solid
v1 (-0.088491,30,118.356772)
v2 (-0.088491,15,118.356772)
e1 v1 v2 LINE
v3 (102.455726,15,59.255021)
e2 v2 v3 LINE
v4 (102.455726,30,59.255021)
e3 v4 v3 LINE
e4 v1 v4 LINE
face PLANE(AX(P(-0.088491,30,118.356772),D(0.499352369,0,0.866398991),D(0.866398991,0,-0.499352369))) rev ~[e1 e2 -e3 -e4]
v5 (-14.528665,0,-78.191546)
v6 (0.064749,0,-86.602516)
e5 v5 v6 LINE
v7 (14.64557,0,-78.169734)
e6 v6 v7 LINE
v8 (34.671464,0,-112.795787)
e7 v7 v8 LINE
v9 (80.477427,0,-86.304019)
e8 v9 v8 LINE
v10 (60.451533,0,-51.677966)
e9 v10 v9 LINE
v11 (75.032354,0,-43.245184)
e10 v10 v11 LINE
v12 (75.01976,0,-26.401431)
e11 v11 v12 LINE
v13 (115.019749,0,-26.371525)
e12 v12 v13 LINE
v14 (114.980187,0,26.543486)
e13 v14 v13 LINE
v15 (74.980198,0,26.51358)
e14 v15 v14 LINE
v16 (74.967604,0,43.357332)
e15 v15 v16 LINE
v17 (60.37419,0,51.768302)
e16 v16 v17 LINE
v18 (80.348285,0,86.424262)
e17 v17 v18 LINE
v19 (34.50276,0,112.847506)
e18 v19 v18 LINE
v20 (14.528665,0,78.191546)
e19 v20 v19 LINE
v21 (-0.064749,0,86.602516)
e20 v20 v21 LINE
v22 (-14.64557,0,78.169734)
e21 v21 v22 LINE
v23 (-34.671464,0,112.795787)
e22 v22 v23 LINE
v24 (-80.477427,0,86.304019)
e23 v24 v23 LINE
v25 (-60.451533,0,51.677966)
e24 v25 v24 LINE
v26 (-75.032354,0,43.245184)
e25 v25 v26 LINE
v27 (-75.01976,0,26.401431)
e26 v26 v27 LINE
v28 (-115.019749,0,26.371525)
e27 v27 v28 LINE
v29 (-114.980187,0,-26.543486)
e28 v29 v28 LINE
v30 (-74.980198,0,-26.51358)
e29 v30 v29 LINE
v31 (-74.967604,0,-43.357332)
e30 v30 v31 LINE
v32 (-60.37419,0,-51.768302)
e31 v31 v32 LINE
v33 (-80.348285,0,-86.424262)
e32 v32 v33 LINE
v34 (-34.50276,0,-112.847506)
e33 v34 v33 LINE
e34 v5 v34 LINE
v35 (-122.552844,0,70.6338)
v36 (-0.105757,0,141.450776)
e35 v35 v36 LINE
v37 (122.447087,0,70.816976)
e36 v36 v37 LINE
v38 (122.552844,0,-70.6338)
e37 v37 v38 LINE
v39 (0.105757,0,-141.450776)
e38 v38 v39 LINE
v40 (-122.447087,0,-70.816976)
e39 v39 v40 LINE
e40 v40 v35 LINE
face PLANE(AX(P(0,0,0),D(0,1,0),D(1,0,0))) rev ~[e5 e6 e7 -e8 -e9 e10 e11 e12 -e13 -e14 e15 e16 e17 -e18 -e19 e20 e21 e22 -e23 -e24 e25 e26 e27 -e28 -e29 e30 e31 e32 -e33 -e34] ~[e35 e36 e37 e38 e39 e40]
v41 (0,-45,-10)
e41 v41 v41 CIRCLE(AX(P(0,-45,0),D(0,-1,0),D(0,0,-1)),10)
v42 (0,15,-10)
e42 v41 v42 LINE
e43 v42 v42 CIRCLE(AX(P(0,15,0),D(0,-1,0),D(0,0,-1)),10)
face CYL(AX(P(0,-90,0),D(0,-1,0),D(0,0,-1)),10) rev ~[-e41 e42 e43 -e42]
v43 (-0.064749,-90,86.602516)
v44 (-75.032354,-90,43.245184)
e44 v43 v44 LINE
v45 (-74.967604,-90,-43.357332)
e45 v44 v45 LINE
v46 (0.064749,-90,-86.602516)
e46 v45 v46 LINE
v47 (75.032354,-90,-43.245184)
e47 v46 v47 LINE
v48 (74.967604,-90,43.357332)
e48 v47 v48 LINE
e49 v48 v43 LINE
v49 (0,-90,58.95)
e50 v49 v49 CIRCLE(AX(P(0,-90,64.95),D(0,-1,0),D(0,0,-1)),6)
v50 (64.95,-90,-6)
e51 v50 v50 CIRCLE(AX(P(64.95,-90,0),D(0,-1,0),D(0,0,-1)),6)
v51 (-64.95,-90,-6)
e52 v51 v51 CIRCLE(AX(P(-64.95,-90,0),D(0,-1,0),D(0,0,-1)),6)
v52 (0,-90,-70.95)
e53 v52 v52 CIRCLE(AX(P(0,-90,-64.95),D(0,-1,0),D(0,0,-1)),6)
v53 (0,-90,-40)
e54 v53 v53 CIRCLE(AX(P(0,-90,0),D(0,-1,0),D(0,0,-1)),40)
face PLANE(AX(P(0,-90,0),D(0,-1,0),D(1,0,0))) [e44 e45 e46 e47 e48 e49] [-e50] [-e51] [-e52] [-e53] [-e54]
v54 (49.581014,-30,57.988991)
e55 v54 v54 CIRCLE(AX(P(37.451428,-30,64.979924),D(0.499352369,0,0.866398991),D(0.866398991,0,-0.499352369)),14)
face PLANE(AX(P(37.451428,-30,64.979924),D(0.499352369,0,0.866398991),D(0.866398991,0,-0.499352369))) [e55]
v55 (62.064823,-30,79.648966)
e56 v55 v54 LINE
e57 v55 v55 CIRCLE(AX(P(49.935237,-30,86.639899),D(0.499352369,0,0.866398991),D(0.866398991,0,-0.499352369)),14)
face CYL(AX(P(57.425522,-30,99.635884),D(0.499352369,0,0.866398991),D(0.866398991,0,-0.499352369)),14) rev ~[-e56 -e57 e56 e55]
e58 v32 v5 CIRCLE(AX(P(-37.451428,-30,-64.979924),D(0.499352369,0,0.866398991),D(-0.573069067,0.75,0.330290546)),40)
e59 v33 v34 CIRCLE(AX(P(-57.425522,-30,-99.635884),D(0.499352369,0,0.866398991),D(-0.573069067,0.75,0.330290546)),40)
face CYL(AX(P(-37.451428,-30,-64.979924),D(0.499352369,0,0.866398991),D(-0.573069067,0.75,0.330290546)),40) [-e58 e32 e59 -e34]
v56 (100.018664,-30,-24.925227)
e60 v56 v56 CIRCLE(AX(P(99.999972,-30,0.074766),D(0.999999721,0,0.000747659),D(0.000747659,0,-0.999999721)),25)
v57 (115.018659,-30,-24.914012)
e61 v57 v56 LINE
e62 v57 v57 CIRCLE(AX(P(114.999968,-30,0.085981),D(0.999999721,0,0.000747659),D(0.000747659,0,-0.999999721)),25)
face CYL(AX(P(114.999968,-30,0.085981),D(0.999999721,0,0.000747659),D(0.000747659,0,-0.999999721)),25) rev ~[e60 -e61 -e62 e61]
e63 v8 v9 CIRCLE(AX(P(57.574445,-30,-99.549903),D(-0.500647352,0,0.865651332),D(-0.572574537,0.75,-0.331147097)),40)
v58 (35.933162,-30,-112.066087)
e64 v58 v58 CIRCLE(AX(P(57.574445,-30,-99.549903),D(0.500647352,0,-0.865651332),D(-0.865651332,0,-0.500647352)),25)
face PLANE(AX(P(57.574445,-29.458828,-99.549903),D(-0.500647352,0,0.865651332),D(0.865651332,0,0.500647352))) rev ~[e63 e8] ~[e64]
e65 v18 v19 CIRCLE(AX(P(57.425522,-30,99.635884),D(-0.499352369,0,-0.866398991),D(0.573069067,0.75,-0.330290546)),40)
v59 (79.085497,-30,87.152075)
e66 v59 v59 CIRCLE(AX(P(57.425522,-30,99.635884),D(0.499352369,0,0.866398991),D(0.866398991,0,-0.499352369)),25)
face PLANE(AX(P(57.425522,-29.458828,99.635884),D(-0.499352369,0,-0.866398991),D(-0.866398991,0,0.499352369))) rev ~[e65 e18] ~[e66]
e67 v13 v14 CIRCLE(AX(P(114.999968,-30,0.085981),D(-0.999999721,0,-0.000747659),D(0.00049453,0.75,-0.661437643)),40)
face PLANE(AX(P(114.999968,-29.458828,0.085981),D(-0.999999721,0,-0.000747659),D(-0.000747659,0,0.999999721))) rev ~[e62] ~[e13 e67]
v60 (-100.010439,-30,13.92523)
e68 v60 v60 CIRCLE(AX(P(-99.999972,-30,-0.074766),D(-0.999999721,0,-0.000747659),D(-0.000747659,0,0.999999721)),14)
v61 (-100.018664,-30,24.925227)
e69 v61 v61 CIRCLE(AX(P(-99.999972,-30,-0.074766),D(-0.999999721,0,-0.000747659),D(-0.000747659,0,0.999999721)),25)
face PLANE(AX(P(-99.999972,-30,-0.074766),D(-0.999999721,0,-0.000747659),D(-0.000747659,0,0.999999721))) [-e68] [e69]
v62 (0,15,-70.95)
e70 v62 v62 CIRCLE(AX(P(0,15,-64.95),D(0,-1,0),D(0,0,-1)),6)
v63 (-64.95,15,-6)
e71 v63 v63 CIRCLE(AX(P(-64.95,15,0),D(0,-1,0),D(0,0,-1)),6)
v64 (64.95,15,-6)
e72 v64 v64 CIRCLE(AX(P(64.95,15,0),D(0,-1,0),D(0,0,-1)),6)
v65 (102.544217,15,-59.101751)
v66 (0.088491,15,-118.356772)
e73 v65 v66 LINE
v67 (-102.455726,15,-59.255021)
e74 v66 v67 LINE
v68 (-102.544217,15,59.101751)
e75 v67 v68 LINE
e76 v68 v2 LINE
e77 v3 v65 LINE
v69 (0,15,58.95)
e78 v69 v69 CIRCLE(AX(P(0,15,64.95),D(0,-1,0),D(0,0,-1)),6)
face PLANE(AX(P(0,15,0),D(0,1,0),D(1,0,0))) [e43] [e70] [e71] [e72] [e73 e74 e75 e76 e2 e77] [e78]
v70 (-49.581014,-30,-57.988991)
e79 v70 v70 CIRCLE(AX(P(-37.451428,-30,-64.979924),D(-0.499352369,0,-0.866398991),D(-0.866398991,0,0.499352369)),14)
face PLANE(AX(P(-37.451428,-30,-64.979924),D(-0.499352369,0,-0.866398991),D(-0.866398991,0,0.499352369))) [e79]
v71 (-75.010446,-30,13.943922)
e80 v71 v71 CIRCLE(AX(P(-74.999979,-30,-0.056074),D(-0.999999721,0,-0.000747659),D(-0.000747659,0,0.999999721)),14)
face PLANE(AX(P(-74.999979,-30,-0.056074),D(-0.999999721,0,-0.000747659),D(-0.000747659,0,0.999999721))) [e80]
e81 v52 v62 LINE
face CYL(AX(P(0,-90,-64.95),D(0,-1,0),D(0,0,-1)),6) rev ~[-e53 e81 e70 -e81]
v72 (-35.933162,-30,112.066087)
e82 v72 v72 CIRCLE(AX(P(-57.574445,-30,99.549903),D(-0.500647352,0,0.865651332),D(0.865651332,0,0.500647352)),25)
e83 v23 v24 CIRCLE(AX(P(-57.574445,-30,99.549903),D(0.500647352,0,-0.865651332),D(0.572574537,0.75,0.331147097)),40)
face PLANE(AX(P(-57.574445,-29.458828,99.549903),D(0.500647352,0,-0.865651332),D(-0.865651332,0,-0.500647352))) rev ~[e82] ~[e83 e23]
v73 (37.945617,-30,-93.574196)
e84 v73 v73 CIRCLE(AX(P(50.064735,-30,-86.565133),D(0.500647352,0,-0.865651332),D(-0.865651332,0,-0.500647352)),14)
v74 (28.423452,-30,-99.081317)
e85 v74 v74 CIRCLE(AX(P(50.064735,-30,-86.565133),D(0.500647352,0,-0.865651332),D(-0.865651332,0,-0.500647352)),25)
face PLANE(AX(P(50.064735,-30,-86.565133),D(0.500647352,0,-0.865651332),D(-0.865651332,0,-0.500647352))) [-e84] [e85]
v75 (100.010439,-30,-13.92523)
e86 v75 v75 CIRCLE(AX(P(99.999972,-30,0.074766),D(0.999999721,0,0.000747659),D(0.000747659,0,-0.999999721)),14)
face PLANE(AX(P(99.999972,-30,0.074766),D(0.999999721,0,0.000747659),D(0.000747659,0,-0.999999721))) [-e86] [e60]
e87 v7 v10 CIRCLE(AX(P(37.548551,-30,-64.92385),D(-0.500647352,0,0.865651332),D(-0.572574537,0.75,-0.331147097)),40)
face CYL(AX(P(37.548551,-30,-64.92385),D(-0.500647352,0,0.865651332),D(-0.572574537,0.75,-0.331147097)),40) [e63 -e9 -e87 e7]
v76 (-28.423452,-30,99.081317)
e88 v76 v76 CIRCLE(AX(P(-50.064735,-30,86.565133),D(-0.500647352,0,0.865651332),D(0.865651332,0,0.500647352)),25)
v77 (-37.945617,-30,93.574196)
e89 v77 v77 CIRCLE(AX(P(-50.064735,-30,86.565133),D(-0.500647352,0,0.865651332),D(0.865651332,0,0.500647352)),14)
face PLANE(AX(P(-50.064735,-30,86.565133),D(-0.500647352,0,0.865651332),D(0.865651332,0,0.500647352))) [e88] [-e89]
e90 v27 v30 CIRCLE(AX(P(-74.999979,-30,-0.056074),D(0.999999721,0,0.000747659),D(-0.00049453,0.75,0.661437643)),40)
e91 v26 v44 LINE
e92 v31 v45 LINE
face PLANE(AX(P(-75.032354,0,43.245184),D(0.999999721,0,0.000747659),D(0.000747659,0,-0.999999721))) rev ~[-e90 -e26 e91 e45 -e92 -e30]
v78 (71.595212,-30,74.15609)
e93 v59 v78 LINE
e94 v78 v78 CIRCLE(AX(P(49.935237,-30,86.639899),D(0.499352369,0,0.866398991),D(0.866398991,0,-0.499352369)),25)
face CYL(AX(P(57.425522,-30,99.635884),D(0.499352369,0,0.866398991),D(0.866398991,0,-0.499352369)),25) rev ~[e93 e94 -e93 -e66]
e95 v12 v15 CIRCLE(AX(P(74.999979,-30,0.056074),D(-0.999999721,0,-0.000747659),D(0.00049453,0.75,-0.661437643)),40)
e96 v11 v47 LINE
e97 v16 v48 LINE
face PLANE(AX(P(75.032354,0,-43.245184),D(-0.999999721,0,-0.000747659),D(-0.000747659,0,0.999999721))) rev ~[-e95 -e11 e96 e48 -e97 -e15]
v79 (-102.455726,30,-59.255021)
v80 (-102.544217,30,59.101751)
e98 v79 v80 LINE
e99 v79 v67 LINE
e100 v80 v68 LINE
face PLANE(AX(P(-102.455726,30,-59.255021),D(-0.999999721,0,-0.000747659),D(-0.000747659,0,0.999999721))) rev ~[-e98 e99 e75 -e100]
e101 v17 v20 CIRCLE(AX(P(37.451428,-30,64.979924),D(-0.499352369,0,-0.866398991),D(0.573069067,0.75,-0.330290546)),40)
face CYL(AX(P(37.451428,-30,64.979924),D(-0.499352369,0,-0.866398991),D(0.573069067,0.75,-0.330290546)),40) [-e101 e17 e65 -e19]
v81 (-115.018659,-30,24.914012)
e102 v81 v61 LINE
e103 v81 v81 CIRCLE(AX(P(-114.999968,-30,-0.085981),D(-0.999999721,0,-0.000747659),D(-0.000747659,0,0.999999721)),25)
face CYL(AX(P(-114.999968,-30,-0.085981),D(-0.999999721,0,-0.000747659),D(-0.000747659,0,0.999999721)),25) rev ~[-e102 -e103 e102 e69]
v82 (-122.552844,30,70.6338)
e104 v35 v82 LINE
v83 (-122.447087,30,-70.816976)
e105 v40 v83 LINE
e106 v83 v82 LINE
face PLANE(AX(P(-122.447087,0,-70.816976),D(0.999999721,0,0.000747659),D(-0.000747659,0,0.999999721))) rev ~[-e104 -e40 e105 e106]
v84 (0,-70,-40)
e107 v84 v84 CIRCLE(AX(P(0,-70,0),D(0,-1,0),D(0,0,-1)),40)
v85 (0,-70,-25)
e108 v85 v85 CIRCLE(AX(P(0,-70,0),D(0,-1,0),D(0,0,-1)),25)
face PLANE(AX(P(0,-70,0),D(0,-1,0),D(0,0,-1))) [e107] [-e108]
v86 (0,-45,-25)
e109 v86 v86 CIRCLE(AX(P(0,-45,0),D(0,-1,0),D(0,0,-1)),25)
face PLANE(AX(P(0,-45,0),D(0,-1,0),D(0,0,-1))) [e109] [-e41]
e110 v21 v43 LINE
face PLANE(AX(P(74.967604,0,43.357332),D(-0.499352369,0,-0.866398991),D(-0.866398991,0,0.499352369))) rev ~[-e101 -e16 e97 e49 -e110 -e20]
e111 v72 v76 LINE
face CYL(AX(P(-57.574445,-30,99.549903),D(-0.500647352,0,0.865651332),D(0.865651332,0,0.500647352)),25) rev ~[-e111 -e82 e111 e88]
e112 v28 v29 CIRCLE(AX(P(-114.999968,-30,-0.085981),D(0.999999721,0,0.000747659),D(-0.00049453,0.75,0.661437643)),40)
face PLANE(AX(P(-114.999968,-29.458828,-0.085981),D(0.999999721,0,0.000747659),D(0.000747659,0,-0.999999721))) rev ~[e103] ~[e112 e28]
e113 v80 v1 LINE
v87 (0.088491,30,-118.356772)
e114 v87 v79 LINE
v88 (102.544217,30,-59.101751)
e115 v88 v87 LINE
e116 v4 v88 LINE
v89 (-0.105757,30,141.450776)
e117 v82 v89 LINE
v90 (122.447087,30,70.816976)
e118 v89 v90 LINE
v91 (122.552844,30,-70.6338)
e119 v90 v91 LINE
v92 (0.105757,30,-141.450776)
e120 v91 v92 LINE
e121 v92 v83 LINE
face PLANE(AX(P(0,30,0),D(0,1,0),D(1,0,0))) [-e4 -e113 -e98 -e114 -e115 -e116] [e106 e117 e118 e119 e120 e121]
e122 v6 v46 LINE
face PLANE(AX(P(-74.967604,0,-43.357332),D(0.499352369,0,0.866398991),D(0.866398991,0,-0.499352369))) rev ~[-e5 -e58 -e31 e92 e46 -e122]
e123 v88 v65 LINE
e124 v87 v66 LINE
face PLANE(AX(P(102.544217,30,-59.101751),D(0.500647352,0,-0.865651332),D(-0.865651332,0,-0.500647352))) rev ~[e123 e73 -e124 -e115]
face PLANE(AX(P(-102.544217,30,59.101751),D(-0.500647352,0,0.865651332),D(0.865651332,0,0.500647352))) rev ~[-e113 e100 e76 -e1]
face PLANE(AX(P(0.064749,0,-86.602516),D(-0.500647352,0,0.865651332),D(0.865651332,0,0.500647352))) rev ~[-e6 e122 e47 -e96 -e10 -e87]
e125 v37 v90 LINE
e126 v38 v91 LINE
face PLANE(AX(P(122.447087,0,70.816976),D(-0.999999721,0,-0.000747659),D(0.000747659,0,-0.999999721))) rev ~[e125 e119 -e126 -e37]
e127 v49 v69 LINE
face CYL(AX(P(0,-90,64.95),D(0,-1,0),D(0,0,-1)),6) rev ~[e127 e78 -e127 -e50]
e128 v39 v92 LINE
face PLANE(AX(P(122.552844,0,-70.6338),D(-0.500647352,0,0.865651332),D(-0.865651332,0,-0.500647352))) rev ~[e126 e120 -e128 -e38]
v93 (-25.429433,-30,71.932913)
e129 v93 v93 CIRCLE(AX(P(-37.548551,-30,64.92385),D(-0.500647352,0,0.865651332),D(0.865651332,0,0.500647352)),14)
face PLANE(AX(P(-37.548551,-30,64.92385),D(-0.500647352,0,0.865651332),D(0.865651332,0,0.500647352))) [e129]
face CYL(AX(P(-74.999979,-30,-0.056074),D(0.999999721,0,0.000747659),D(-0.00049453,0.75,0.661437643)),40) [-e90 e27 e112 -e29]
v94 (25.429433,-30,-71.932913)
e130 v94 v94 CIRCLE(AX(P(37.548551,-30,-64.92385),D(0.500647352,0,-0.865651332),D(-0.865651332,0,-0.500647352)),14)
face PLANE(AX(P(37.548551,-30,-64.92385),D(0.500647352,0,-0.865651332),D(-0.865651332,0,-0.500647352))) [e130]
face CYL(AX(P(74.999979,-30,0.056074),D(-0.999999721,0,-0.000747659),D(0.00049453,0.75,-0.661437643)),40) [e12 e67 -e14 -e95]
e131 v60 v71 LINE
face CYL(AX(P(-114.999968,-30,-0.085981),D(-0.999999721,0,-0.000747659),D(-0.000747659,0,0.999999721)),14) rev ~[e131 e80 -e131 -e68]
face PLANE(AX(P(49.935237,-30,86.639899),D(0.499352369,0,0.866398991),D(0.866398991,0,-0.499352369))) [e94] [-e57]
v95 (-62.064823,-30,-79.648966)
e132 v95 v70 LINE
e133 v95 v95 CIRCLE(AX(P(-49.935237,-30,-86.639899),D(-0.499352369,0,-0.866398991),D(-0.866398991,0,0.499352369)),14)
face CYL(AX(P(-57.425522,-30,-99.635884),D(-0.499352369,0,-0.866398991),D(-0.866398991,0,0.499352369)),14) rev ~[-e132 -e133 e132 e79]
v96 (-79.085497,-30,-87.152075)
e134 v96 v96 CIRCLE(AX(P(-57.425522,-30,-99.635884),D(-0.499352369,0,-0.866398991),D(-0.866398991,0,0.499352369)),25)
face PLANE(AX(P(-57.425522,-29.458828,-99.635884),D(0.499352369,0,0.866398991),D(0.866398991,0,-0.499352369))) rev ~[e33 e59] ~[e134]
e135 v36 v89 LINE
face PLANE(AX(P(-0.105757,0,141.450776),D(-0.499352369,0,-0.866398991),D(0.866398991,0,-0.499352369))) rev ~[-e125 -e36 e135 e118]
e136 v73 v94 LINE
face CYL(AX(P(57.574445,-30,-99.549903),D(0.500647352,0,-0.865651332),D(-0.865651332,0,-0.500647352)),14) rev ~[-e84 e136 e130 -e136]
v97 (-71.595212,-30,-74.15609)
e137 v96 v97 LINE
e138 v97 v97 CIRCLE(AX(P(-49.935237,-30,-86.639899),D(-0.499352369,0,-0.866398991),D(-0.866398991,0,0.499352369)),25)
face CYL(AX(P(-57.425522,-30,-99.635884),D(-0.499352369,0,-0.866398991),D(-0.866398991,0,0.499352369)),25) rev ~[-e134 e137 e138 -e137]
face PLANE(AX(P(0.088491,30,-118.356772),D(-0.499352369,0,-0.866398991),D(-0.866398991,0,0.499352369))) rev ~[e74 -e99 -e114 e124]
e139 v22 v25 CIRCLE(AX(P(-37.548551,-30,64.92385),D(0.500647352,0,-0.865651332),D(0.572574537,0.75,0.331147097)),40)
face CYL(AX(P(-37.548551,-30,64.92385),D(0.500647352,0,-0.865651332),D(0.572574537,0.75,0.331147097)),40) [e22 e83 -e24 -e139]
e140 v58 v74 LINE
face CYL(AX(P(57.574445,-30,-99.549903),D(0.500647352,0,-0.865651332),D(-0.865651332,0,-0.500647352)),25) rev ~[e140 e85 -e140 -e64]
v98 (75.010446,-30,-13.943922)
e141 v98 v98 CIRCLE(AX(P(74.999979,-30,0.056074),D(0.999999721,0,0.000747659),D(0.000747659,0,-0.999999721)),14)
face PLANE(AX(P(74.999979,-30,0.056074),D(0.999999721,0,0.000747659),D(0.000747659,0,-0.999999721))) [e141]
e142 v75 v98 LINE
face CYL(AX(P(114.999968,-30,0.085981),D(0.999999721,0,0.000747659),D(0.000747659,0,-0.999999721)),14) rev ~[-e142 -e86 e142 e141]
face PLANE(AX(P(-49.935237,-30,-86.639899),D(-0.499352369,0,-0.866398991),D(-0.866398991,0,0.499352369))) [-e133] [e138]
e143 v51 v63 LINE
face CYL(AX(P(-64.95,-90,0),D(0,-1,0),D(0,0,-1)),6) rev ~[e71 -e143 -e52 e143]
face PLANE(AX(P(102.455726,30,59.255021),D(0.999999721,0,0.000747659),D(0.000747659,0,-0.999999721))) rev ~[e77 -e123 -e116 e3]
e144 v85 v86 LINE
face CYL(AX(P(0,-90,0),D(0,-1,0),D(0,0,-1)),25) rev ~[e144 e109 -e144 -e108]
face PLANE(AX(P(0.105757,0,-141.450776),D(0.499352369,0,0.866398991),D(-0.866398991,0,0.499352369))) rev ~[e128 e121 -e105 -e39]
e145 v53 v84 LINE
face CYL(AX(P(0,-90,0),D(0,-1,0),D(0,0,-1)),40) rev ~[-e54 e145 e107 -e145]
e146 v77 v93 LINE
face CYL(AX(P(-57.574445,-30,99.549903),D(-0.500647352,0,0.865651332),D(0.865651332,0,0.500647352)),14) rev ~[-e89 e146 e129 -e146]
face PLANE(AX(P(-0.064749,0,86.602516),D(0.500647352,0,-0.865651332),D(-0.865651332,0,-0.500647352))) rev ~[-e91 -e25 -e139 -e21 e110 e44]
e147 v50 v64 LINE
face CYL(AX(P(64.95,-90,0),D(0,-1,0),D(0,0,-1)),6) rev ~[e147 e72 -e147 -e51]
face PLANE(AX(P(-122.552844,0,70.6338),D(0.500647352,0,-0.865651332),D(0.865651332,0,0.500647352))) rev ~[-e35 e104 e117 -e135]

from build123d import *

# Parameters (mm, degrees)
BOSS_EXTRUDE2_DEPTH = 30
CUT_EXTRUDE1_DEPTH  = 15
BOSS_EXTRUDE4_DEPTH = 90
SKETCH7_R           = 10
CUT_EXTRUDE2_DEPTH  = 120
SKETCH8_R           = 25
CUT_EXTRUDE3_DEPTH  = 45
SKETCH9_R           = 40
CUT_EXTRUDE4_DEPTH  = 20
SKETCH10_R          = 6
CUT_EXTRUDE5_DEPTH  = 120
BOSS_EXTRUDE8_DEPTH = 40
SKETCH15_R          = 14
CUT_EXTRUDE7_DEPTH  = 40
SKETCH17_R          = 25
CUT_EXTRUDE8_DEPTH  = 15
CIRPATTERN1_COUNT   = 6


with BuildPart() as part:
    # Sketch3 → Boss-Extrude2 (new body)
    with BuildSketch(Plane(origin=(0, 0, 0), x_dir=(1, 0, 0), z_dir=(0, 1, 0))):
        Polygon((122.447087289, -70.816976409), (122.552844234, 70.633800007), (0.105756945, 141.450776416), (-122.447087289, 70.816976409), (-122.552844234, -70.633800007), (-0.105756945, -141.450776416), align=None)
    extrude(amount=BOSS_EXTRUDE2_DEPTH)

    # Sketch4 → Cut-Extrude1 (cut)
    with BuildSketch(Plane(origin=(0, 30, 0), x_dir=(1, 0, 0), z_dir=(0, 1, 0))):
        Polygon((102.455726099, -59.255021077), (102.544216604, 59.101751026), (0.088490505, 118.356772104), (-102.455726099, 59.255021077), (-102.544216604, -59.101751026), (-0.088490505, -118.356772104), align=None)
    extrude(amount=-CUT_EXTRUDE1_DEPTH, mode=Mode.SUBTRACT)

    # Sketch5 → Boss-Extrude4 (add)
    with BuildSketch(Plane.XZ):
        Polygon((75.032353613, -43.245183678), (74.967604463, 43.357332496), (-0.06474915, 86.602516173), (-75.032353613, 43.245183678), (-74.967604463, -43.357332496), (0.06474915, -86.602516173), align=None)
    extrude(amount=BOSS_EXTRUDE4_DEPTH)

    # Sketch7 → Cut-Extrude2 (cut)
    with BuildSketch(Plane.XZ.offset(90)):
        with Locations(Location((0, 0, 0), (0, 0, 270))):
            Circle(SKETCH7_R)
    extrude(amount=-CUT_EXTRUDE2_DEPTH, mode=Mode.SUBTRACT)

    # Sketch8 → Cut-Extrude3 (cut)
    with BuildSketch(Plane.XZ.offset(90)):
        with Locations(Location((0, 0, 0), (0, 0, 270))):
            Circle(SKETCH8_R)
    extrude(amount=-CUT_EXTRUDE3_DEPTH, mode=Mode.SUBTRACT)

    # Sketch9 → Cut-Extrude4 (cut)
    with BuildSketch(Plane.XZ.offset(90)):
        with Locations(Location((0, 0, 0), (0, 0, 270))):
            Circle(SKETCH9_R)
    extrude(amount=-CUT_EXTRUDE4_DEPTH, mode=Mode.SUBTRACT)

    # Sketch10 → Cut-Extrude5 (cut)
    with BuildSketch(Plane.XZ.offset(90)):
        with Locations(Location((0, 64.95, 0), (0, 0, 270))):
            Circle(SKETCH10_R)
        with Locations(Location((64.95, 0, 0), (0, 0, 270))):
            Circle(SKETCH10_R)
        with Locations(Location((0, -64.95, 0), (0, 0, 270))):
            Circle(SKETCH10_R)
        with Locations(Location((-64.95, 0, 0), (0, 0, 270))):
            Circle(SKETCH10_R)
    extrude(amount=-CUT_EXTRUDE5_DEPTH, mode=Mode.SUBTRACT)

    # Sketch12 → Boss-Extrude8 (add)
    with BuildSketch(Plane(origin=(74.999979038, 0, 0.056074409), x_dir=(0.0007476587847964174, 0, -0.9999997205031317), z_dir=(0.9999997205031318, 0, 0.0007476587847964174))):
        with BuildLine():
            Line((-26.457513111, 0), (26.457513111, 0))
            ThreePointArc((26.457513111, 0), (0, -70), (-26.457513111, 0))
        make_face()
    boss_extrude8 = extrude(amount=BOSS_EXTRUDE8_DEPTH)

    # Sketch15 → Cut-Extrude7 (cut)
    with BuildSketch(Plane(origin=(114.999967858, 0, 0.08598076), x_dir=(0.0007476587847964175, 0, -0.9999997205031317), z_dir=(0.9999997205031318, 0, 0.0007476587847964175))):
        with Locations((0, -30)):
            Circle(SKETCH15_R)
    cut_extrude7 = extrude(amount=-CUT_EXTRUDE7_DEPTH, mode=Mode.SUBTRACT)

    # Sketch17 → Cut-Extrude8 (cut)
    with BuildSketch(Plane(origin=(114.999967858, 0, 0.08598076), x_dir=(0.0007476587847964175, 0, -0.9999997205031317), z_dir=(0.9999997205031318, 0, 0.0007476587847964175))):
        with Locations((0, -30)):
            Circle(SKETCH17_R)
    cut_extrude8 = extrude(amount=-CUT_EXTRUDE8_DEPTH, mode=Mode.SUBTRACT)

    # CirPattern1: Boss-Extrude8, Cut-Extrude7, Cut-Extrude8 ×6 about axis
    cirpattern1_axis = Axis((0, 0, 0), (0, 1, 0))
    add([boss_extrude8.rotate(cirpattern1_axis, i * 360 / CIRPATTERN1_COUNT) for i in range(1, CIRPATTERN1_COUNT)])
    add([cut_extrude7.rotate(cirpattern1_axis, i * 360 / CIRPATTERN1_COUNT) for i in range(1, CIRPATTERN1_COUNT)], mode=Mode.SUBTRACT)
    add([cut_extrude8.rotate(cirpattern1_axis, i * 360 / CIRPATTERN1_COUNT) for i in range(1, CIRPATTERN1_COUNT)], mode=Mode.SUBTRACT)


solid = part.part
